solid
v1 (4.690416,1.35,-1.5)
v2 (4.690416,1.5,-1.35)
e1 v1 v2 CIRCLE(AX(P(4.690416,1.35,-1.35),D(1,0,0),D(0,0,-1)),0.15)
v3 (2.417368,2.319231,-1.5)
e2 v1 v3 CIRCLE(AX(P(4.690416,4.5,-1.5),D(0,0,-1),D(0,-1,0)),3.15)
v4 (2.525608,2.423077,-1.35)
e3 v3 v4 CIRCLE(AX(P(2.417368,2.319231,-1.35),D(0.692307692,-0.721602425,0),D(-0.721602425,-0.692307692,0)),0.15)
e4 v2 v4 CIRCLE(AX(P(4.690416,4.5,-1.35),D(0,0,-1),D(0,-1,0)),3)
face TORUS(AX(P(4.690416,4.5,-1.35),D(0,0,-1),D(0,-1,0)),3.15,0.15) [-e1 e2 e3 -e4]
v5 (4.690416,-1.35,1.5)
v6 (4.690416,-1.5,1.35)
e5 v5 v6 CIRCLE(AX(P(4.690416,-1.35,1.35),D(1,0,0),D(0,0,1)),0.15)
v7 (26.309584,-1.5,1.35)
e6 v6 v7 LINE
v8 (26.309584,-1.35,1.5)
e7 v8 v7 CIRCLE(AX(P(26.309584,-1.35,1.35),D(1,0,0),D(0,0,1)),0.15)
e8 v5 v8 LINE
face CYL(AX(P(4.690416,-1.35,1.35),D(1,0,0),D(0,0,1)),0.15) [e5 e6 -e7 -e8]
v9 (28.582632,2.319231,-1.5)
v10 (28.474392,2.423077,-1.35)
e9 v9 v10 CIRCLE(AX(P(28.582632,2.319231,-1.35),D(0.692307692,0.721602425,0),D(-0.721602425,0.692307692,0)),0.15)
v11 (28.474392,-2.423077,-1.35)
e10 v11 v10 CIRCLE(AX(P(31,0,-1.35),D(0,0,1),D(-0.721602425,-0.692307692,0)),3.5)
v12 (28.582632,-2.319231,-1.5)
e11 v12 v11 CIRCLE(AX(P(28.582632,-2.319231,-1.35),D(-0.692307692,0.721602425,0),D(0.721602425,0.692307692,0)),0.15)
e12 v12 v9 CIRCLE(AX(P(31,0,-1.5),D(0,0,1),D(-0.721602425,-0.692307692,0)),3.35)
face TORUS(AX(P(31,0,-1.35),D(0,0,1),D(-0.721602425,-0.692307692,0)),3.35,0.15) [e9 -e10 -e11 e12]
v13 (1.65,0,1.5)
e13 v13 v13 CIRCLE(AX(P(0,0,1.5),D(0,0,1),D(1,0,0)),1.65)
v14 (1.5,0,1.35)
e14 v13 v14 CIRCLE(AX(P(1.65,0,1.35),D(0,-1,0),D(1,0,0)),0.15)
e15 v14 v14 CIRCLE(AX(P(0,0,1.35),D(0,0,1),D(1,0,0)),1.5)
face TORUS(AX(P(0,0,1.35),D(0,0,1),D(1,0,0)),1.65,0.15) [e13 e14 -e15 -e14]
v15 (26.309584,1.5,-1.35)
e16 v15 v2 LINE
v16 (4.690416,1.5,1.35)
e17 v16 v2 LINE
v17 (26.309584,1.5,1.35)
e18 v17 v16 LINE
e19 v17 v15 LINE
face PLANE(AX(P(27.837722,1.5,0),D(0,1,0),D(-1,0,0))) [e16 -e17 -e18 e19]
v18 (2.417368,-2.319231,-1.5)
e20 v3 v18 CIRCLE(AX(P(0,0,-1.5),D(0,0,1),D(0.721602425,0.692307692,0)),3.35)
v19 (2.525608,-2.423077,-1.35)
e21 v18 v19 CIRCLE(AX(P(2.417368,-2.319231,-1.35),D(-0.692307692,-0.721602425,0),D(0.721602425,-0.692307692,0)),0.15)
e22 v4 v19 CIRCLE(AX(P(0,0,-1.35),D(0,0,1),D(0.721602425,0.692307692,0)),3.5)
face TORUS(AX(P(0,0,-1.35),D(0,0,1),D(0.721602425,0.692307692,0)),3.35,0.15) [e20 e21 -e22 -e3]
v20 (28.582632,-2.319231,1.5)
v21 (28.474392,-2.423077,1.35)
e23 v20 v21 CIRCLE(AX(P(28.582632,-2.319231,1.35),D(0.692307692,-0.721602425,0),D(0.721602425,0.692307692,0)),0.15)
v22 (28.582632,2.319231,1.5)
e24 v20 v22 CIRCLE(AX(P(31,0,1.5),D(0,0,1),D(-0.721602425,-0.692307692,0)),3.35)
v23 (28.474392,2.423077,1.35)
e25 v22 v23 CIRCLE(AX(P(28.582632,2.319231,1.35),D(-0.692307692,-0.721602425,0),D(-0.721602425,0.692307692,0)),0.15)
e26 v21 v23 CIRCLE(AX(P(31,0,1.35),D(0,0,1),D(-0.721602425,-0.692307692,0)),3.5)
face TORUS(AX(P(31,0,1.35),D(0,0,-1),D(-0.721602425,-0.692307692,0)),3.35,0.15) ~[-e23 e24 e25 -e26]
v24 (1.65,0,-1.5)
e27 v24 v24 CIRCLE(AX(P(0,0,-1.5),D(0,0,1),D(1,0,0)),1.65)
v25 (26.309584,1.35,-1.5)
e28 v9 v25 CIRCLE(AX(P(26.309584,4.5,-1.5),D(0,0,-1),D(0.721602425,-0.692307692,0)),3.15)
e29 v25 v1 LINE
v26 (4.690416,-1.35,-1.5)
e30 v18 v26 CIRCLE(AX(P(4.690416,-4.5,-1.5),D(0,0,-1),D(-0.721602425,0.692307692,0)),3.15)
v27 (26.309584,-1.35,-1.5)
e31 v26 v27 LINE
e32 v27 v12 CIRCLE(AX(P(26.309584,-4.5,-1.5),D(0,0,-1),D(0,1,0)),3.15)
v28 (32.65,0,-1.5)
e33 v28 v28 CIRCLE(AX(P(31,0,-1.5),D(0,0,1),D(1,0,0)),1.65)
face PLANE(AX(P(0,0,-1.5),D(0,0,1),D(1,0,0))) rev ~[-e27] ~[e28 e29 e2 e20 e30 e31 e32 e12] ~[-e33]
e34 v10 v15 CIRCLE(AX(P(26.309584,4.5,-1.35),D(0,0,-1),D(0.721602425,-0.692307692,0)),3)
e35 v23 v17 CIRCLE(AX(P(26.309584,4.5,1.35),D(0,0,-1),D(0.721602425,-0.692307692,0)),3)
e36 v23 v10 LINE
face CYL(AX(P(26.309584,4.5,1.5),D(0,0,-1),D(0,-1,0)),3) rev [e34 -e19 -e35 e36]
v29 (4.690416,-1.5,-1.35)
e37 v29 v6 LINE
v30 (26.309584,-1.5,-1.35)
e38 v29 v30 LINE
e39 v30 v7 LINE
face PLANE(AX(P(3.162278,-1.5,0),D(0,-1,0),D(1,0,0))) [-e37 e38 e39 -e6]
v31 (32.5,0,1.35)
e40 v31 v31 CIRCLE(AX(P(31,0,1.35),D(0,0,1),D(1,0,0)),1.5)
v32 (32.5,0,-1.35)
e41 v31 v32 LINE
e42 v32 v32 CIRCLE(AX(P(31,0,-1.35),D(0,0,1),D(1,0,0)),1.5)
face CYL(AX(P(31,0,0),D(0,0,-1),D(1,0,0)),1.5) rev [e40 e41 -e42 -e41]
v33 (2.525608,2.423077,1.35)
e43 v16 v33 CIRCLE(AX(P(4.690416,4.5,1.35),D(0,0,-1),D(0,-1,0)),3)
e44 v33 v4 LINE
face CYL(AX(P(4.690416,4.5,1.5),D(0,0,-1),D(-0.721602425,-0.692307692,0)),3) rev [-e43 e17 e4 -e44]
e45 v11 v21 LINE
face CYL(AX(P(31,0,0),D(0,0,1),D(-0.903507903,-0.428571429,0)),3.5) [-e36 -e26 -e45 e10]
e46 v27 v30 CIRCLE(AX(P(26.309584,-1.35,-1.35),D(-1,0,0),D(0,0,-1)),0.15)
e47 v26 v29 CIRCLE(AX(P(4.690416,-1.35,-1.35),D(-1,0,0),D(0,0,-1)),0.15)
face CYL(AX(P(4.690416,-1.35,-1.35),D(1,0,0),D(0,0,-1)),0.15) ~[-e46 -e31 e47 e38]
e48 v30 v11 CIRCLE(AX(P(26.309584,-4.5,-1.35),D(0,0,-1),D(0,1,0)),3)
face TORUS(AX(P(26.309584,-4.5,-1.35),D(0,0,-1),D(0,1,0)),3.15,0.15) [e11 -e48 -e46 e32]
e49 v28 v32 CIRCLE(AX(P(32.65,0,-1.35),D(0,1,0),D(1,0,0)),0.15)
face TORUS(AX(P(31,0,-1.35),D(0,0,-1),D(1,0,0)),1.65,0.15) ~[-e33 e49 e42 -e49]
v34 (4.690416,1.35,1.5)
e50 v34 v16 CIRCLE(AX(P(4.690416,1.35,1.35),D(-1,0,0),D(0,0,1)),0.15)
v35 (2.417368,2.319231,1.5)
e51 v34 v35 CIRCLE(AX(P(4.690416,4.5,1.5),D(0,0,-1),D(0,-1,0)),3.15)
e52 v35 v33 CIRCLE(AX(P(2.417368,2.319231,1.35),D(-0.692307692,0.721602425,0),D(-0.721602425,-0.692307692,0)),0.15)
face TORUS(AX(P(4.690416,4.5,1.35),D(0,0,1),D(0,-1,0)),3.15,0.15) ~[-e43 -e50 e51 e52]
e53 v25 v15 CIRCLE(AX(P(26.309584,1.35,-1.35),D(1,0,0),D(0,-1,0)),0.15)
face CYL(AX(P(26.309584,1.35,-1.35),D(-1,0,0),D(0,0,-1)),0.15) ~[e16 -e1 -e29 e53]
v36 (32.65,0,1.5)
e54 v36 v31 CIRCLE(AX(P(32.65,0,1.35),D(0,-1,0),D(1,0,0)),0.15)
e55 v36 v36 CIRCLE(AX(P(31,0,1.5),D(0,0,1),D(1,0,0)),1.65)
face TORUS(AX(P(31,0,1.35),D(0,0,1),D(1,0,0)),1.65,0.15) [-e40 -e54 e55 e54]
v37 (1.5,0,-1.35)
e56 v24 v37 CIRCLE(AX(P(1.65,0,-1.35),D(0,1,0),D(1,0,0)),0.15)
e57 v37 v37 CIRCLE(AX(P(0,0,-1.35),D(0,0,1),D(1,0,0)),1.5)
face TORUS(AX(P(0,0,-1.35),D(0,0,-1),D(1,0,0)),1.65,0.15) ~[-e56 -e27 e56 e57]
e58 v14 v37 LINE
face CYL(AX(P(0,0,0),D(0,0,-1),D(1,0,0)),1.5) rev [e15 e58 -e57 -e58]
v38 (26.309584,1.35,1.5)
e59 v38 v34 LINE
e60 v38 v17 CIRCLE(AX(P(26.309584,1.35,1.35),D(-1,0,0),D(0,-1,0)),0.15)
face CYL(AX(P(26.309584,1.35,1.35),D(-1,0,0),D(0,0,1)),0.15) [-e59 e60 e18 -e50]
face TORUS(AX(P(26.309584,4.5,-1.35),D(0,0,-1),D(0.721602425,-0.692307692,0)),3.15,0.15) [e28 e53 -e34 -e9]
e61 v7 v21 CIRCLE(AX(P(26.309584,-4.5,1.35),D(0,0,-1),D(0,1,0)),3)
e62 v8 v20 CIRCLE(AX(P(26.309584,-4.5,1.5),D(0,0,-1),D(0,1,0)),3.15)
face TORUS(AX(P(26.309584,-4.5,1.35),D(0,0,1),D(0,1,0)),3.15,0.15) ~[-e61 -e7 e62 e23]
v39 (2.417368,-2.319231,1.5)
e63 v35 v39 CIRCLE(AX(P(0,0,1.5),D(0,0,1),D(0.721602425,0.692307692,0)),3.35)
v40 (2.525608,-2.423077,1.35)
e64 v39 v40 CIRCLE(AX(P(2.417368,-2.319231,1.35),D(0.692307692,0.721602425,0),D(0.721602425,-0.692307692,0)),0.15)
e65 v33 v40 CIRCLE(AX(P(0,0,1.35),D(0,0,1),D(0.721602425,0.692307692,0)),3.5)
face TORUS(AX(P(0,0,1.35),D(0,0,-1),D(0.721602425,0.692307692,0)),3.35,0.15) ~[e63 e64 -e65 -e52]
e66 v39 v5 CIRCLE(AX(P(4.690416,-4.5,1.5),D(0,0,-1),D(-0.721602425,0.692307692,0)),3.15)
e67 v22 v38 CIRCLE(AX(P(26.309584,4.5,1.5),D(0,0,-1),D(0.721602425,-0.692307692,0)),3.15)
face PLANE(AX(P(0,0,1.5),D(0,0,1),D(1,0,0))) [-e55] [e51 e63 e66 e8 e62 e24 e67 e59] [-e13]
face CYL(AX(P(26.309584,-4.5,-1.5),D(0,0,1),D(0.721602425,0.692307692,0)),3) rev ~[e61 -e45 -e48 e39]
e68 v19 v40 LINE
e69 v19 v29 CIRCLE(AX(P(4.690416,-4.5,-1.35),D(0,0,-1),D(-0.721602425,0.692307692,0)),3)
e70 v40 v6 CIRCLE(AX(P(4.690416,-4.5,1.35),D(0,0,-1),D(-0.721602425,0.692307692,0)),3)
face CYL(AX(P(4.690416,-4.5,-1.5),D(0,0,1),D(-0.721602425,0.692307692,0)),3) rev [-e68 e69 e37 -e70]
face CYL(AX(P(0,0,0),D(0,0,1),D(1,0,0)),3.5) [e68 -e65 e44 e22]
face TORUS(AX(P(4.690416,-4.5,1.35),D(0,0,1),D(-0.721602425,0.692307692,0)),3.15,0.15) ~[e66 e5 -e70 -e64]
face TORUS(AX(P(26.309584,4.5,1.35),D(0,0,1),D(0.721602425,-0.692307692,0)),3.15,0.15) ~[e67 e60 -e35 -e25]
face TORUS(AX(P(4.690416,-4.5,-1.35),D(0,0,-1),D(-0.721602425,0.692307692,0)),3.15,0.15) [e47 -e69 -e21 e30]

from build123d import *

# Parameters (mm, degrees)
SKETCH1_R           = 3.5
SKETCH1_R_2         = 1.5
BOSS_EXTRUDE1_DEPTH = 1.5
FILLET1_R           = 3
FILLET2_R           = 0.15


with BuildPart() as part:
    # Sketch1 → Boss-Extrude1 (new body, symmetric)
    with BuildSketch(Plane.XY):
        Circle(SKETCH1_R)
        Circle(SKETCH1_R_2, mode=Mode.SUBTRACT)
        with BuildLine():
            Line((3.16227766, -1.5), (27.83772234, -1.5))
            ThreePointArc((27.83772234, -1.5), (27.5, 0), (27.83772234, 1.5))
            Line((27.83772234, 1.5), (3.16227766, 1.5))
            ThreePointArc((3.16227766, 1.5), (3.414525722, 0.768774411), (3.5, 0))
            ThreePointArc((3.5, 0), (3.414525722, -0.768774411), (3.16227766, -1.5))
        make_face()
        with Locations((31, 0)):
            Circle(SKETCH1_R)
        with Locations((31, 0)):
            Circle(SKETCH1_R_2, mode=Mode.SUBTRACT)
    extrude(amount=BOSS_EXTRUDE1_DEPTH, both=True)

    # Fillet1
    fillet1_edges = [part.edges().sort_by_distance(p)[0] for p in [
        (3.16227766, 1.5, 0),
        (27.83772234, 1.5, 0),
        (27.83772234, -1.5, 0),
        (3.16227766, -1.5, 0),
    ]]
    fillet(fillet1_edges, radius=FILLET1_R)

    # Fillet2
    fillet2_edges = [part.edges().sort_by_distance(p)[0] for p in [
        (-1.5, 0, -1.5),
        (15.5, -1.5, -1.5),
        (15.5, -1.5, 1.5),
        (-3.5, 0, -1.5),
        (-3.5, 0, 1.5),
        (34.5, 0, -1.5),
        (34.5, 0, 1.5),
        (15.5, 1.5, -1.5),
        (15.5, 1.5, 1.5),
        (3.513718949, -1.740401367, -1.5),
        (3.513718949, -1.740401367, 1.5),
        (27.486281051, -1.740401367, -1.5),
        (29.5, 0, 1.5),
        (27.486281051, -1.740401367, 1.5),
        (3.513718949, 1.740401367, -1.5),
        (3.513718949, 1.740401367, 1.5),
        (27.486281051, 1.740401367, -1.5),
        (27.486281051, 1.740401367, 1.5),
        (-1.5, 0, 1.5),
        (29.5, 0, -1.5),
    ]]
    fillet(fillet2_edges, radius=FILLET2_R)


solid = part.part
